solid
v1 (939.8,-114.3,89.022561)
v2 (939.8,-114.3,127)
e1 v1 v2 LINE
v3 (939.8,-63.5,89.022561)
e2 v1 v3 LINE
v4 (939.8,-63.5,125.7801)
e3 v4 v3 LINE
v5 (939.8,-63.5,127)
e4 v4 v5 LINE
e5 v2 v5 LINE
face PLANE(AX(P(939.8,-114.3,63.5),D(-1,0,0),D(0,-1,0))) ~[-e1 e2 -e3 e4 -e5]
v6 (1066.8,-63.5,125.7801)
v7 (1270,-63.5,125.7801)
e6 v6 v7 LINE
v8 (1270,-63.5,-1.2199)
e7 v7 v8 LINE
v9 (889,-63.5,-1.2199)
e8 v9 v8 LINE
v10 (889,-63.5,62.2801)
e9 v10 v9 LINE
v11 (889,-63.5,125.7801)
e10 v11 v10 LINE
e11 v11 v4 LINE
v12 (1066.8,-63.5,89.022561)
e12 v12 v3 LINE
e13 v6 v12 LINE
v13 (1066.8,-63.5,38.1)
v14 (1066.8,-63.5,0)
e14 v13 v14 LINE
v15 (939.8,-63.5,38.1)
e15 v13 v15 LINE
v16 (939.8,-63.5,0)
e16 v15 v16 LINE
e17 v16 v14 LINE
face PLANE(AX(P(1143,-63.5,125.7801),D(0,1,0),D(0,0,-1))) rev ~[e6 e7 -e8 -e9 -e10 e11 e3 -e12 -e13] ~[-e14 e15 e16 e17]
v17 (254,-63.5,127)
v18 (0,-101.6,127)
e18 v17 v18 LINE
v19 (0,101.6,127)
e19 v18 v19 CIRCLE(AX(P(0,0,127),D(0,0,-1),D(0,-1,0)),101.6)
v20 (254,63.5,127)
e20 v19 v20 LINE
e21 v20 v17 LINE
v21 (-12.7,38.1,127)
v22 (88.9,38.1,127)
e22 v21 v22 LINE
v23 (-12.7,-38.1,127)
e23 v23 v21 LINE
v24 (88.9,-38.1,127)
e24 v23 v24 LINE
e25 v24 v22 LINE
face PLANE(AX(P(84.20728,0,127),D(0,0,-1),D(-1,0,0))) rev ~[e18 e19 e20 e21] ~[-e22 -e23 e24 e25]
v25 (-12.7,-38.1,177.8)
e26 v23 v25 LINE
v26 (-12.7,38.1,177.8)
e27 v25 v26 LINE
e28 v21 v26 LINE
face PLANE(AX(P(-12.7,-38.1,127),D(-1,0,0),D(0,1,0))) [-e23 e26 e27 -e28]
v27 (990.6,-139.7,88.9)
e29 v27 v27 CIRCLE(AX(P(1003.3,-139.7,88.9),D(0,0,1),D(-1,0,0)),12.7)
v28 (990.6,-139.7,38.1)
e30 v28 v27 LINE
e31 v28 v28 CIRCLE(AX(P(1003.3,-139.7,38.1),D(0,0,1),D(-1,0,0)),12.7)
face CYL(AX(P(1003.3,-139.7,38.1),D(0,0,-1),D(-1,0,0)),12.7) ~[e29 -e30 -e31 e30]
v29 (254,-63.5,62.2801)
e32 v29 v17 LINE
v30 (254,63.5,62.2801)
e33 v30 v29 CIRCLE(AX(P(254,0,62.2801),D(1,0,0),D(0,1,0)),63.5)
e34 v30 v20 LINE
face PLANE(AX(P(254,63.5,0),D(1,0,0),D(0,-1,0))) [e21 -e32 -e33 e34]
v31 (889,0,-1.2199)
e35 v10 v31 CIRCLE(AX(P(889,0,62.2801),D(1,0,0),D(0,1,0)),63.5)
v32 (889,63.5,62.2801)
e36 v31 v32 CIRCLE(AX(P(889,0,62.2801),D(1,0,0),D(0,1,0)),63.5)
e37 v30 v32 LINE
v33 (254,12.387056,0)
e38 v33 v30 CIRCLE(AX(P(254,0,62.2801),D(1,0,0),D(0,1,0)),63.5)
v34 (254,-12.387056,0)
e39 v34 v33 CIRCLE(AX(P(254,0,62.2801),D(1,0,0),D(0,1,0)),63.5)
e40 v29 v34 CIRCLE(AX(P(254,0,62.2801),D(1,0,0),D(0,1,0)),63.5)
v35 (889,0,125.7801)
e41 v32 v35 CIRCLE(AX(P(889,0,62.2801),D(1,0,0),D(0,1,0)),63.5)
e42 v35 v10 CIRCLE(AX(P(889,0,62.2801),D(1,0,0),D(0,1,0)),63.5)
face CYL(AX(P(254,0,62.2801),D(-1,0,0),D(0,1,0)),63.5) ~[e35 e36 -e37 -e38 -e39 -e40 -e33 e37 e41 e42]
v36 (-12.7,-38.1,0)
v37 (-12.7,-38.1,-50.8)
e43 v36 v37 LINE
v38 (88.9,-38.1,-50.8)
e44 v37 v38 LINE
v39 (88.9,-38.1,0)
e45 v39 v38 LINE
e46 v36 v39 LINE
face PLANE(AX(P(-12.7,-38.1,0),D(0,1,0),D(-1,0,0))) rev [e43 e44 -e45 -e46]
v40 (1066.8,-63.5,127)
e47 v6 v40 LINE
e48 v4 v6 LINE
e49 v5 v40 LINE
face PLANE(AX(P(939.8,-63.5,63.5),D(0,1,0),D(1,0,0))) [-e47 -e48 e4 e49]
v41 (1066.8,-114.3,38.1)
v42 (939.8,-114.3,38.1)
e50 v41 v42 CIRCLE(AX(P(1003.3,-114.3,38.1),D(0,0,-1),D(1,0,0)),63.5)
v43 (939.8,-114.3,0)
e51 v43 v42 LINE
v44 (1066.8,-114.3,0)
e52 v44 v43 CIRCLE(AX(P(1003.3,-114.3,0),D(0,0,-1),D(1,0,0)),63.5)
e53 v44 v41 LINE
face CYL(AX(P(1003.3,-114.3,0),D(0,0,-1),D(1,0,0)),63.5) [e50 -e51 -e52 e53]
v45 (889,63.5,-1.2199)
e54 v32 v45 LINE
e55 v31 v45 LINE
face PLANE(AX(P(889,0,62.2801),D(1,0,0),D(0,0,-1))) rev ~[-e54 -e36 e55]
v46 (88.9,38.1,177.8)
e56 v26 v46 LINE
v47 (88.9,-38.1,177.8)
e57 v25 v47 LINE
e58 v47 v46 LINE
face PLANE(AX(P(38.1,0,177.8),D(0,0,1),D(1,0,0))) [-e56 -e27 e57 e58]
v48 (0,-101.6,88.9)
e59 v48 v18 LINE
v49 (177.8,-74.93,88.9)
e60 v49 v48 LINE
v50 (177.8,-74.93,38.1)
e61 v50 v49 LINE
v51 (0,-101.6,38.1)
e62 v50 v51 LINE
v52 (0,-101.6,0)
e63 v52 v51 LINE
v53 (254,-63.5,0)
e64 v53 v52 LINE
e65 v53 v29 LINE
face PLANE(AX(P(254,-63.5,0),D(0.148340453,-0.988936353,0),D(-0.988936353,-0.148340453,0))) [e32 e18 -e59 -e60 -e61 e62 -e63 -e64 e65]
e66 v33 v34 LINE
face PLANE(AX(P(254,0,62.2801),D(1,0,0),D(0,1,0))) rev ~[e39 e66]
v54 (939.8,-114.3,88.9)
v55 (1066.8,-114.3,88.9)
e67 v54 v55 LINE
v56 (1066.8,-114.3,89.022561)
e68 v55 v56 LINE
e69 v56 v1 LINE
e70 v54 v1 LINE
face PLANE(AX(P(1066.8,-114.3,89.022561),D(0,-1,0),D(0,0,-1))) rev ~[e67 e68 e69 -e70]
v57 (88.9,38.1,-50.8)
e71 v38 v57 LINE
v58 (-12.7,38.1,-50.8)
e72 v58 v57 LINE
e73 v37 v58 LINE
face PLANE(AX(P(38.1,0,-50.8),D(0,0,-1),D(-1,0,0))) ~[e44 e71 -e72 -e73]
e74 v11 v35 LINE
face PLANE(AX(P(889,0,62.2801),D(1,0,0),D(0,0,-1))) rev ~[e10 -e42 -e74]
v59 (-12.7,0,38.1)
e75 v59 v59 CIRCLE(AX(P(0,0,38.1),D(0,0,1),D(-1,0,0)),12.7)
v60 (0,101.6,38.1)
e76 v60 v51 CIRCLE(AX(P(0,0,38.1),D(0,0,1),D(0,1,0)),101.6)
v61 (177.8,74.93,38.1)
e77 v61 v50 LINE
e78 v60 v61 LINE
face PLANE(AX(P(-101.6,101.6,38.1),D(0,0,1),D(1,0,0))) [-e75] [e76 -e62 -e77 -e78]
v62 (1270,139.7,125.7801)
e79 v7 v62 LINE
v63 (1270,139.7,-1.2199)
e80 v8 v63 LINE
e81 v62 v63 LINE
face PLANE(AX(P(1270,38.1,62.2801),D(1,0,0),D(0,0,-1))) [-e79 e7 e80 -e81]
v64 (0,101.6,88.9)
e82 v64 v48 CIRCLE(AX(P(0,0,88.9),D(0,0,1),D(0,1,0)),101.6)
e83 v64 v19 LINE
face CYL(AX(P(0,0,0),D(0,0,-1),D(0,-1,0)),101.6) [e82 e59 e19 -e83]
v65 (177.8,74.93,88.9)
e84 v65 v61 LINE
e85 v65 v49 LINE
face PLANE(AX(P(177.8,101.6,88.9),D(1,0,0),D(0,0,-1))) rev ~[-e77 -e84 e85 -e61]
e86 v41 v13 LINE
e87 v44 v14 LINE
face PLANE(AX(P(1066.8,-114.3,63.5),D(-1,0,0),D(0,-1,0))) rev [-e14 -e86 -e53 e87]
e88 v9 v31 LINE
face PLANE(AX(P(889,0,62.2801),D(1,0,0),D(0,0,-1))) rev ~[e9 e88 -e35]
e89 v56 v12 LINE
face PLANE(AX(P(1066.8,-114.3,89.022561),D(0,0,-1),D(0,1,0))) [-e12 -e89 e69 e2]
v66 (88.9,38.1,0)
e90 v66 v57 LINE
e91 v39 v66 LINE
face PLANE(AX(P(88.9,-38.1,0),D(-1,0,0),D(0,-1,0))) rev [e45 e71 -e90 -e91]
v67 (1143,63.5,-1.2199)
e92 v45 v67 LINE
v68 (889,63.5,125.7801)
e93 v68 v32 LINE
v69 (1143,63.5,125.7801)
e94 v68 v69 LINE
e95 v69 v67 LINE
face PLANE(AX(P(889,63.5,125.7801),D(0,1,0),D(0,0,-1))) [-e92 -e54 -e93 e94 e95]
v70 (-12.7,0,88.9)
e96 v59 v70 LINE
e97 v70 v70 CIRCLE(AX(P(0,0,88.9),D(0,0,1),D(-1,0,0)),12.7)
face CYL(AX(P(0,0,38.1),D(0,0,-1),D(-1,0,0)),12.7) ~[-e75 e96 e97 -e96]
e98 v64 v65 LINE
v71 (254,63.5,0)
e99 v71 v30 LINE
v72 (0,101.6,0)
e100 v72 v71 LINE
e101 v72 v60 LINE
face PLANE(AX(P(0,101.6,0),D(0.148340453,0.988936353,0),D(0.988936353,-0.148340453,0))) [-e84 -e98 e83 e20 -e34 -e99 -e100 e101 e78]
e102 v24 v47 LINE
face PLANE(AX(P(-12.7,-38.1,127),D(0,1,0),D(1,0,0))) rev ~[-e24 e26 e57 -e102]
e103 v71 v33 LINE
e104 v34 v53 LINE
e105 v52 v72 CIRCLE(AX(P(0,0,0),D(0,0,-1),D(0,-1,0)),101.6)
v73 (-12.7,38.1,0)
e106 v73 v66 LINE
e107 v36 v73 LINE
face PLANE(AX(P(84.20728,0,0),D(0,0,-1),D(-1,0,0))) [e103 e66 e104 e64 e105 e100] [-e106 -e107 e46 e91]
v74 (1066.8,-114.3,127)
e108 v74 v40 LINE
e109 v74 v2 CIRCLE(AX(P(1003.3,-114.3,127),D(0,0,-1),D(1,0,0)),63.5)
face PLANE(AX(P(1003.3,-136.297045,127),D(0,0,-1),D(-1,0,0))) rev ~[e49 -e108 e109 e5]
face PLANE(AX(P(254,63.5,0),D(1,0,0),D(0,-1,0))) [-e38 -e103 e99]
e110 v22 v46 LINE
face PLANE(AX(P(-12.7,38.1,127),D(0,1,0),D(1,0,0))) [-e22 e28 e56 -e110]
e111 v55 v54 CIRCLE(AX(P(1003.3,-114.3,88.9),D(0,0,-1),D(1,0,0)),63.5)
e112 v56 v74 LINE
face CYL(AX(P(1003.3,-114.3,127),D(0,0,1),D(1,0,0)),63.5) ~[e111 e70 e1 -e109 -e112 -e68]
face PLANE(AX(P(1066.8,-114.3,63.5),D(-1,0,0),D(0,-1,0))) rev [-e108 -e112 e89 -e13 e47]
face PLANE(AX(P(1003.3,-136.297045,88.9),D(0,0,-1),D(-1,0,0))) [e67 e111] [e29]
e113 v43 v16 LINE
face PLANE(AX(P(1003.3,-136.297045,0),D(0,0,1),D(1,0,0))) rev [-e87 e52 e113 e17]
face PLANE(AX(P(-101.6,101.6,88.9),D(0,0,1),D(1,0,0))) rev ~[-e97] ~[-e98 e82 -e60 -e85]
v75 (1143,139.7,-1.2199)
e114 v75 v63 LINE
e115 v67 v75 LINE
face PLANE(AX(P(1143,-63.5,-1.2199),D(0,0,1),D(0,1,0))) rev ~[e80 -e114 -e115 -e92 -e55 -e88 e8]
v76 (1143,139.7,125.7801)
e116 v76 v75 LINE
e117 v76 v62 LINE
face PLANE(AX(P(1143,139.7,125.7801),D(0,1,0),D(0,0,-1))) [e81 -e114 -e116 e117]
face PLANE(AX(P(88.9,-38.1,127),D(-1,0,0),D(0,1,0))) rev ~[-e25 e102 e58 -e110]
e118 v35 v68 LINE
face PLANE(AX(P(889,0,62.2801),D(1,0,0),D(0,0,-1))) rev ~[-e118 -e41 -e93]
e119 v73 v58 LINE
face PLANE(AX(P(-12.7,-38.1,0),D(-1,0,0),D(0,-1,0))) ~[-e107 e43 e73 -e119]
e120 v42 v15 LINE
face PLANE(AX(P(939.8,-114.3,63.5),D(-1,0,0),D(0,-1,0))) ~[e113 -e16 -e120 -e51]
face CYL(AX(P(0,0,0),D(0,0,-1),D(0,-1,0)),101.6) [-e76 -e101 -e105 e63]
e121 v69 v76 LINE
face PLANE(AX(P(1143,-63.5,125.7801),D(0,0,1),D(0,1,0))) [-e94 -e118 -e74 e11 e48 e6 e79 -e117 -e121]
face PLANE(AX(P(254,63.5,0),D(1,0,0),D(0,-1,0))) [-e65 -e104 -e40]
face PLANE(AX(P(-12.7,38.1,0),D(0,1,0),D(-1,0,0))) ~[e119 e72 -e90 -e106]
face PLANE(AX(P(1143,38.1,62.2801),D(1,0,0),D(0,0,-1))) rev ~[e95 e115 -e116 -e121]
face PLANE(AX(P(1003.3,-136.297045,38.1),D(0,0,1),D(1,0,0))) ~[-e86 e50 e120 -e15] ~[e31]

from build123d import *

# Parameters (mm, degrees)
BOSS_EXTRUDE2_DEPTH  = 127
SKETCH11_W           = 279.4
SKETCH11_H           = 50.8
CUT_EXTRUDE1_DEPTH   = 350.192267956
SKETCH12_R           = 63.5
BOSS_EXTRUDE3_DEPTH  = 635
SKETCH13_W           = 101.6
SKETCH13_H           = 76.2
BOSS_EXTRUDE4_DEPTH  = 50.8
SKETCH14_W           = 127
SKETCH14_H           = 127
BOSS_EXTRUDE6_DEPTH  = 254
SKETCH15_W           = 127
SKETCH15_H           = 203.2
BOSS_EXTRUDE7_DEPTH  = 127
SKETCH16_W           = 127
SKETCH16_H           = 50.8
BOSS_EXTRUDE9_DEPTH  = 63.5
BOSS_EXTRUDE10_DEPTH = 38.1
SKETCH21_R           = 12.7
BOSS_EXTRUDE11_DEPTH = 50.8
SKETCH22_R           = 12.7
BOSS_EXTRUDE12_DEPTH = 50.8
SKETCH24_W           = 50.922560847
SKETCH24_H           = 50.8
CUT_EXTRUDE2_DEPTH   = 271.018


with BuildPart() as part:
    # Sketch9 → Boss-Extrude2 (new body)
    with BuildSketch(Plane.XY):
        with BuildLine():
            Line((0, 101.6), (254, 63.5))
            Line((254, 63.5), (254, 0))
            Line((254, 0), (254, -63.5))
            Line((254, -63.5), (0, -101.6))
            ThreePointArc((0, -101.6), (-101.6, 0), (0, 101.6))
        make_face()
    extrude(amount=BOSS_EXTRUDE2_DEPTH)

    # Sketch11 → Cut-Extrude1 (cut, through all)
    with BuildSketch(Plane(origin=(0, 101.6, 0), x_dir=(1, 0, 0), z_dir=(0, 1, 0))):
        with Locations((38.1, -63.5)):
            Rectangle(SKETCH11_W, SKETCH11_H)
    extrude(amount=-CUT_EXTRUDE1_DEPTH, mode=Mode.SUBTRACT)

    # Sketch12 → Boss-Extrude3 (add)
    with BuildSketch(Plane(origin=(254, 0, 0), x_dir=(0, 0, -1), z_dir=(1, 0, 0))):
        with Locations(Location((-62.280099892, 0, 0), (0, 0, 90))):
            Circle(SKETCH12_R)
    extrude(amount=BOSS_EXTRUDE3_DEPTH)

    # Sketch13 → Boss-Extrude4 (add)
    with BuildSketch(Plane.XY.offset(127)):
        with Locations((38.1, 0)):
            Rectangle(SKETCH13_W, SKETCH13_H)
    boss_extrude4 = extrude(amount=BOSS_EXTRUDE4_DEPTH)

    # Mirror1: Boss-Extrude4 across plane
    add(boss_extrude4.mirror(Plane.XY.offset(63.5)))

    # Sketch14 → Boss-Extrude6 (add)
    with BuildSketch(Plane(origin=(889, 0, 0), x_dir=(0, 0, -1), z_dir=(1, 0, 0))):
        with Locations((-62.280099892, 0)):
            Rectangle(SKETCH14_W, SKETCH14_H)
    extrude(amount=BOSS_EXTRUDE6_DEPTH)

    # Sketch15 → Boss-Extrude7 (add)
    with BuildSketch(Plane(origin=(1143, 0, 0), x_dir=(0, 0, -1), z_dir=(1, 0, 0))):
        with Locations((-62.280099892, 38.1)):
            Rectangle(SKETCH15_W, SKETCH15_H)
    extrude(amount=BOSS_EXTRUDE7_DEPTH)

    # Sketch16 → Boss-Extrude9 (add)
    with BuildSketch(Plane.XY.offset(63.5)):
        with Locations((1003.3, -88.9)):
            Rectangle(SKETCH16_W, SKETCH16_H)
    boss_extrude9 = extrude(amount=BOSS_EXTRUDE9_DEPTH)

    # Sketch20 → Boss-Extrude10 (add)
    with BuildSketch(Plane.XY.offset(127)):
        with BuildLine():
            Line((939.8, -114.3), (1066.8, -114.3))
            ThreePointArc((1066.8, -114.3), (1003.3, -177.8), (939.8, -114.3))
        make_face()
    boss_extrude10 = extrude(amount=-BOSS_EXTRUDE10_DEPTH)

    # Mirror2: Boss-Extrude9, Boss-Extrude10 across plane
    add(boss_extrude9.mirror(Plane.XY.offset(63.5)))
    add(boss_extrude10.mirror(Plane.XY.offset(63.5)))

    # Sketch21 → Boss-Extrude11 (add)
    with BuildSketch(Plane.XY.offset(38.1)):
        with Locations(Location((0, 0, 0), (0, 0, 180))):
            Circle(SKETCH21_R)
    extrude(amount=BOSS_EXTRUDE11_DEPTH)

    # Sketch22 → Boss-Extrude12 (add)
    with BuildSketch(Plane.XY.offset(38.1)):
        with Locations(Location((1003.3, -139.7, 0), (0, 0, 180))):
            Circle(SKETCH22_R)
    extrude(amount=BOSS_EXTRUDE12_DEPTH)

    # Sketch24 → Cut-Extrude2 (cut)
    with BuildSketch(Plane(origin=(1066.8, 0, 0), x_dir=(0, 0, -1), z_dir=(1, 0, 0))):
        with Locations((-63.561280424, -88.9)):
            Rectangle(SKETCH24_W, SKETCH24_H)
    extrude(amount=-CUT_EXTRUDE2_DEPTH, mode=Mode.SUBTRACT)


solid = part.part
